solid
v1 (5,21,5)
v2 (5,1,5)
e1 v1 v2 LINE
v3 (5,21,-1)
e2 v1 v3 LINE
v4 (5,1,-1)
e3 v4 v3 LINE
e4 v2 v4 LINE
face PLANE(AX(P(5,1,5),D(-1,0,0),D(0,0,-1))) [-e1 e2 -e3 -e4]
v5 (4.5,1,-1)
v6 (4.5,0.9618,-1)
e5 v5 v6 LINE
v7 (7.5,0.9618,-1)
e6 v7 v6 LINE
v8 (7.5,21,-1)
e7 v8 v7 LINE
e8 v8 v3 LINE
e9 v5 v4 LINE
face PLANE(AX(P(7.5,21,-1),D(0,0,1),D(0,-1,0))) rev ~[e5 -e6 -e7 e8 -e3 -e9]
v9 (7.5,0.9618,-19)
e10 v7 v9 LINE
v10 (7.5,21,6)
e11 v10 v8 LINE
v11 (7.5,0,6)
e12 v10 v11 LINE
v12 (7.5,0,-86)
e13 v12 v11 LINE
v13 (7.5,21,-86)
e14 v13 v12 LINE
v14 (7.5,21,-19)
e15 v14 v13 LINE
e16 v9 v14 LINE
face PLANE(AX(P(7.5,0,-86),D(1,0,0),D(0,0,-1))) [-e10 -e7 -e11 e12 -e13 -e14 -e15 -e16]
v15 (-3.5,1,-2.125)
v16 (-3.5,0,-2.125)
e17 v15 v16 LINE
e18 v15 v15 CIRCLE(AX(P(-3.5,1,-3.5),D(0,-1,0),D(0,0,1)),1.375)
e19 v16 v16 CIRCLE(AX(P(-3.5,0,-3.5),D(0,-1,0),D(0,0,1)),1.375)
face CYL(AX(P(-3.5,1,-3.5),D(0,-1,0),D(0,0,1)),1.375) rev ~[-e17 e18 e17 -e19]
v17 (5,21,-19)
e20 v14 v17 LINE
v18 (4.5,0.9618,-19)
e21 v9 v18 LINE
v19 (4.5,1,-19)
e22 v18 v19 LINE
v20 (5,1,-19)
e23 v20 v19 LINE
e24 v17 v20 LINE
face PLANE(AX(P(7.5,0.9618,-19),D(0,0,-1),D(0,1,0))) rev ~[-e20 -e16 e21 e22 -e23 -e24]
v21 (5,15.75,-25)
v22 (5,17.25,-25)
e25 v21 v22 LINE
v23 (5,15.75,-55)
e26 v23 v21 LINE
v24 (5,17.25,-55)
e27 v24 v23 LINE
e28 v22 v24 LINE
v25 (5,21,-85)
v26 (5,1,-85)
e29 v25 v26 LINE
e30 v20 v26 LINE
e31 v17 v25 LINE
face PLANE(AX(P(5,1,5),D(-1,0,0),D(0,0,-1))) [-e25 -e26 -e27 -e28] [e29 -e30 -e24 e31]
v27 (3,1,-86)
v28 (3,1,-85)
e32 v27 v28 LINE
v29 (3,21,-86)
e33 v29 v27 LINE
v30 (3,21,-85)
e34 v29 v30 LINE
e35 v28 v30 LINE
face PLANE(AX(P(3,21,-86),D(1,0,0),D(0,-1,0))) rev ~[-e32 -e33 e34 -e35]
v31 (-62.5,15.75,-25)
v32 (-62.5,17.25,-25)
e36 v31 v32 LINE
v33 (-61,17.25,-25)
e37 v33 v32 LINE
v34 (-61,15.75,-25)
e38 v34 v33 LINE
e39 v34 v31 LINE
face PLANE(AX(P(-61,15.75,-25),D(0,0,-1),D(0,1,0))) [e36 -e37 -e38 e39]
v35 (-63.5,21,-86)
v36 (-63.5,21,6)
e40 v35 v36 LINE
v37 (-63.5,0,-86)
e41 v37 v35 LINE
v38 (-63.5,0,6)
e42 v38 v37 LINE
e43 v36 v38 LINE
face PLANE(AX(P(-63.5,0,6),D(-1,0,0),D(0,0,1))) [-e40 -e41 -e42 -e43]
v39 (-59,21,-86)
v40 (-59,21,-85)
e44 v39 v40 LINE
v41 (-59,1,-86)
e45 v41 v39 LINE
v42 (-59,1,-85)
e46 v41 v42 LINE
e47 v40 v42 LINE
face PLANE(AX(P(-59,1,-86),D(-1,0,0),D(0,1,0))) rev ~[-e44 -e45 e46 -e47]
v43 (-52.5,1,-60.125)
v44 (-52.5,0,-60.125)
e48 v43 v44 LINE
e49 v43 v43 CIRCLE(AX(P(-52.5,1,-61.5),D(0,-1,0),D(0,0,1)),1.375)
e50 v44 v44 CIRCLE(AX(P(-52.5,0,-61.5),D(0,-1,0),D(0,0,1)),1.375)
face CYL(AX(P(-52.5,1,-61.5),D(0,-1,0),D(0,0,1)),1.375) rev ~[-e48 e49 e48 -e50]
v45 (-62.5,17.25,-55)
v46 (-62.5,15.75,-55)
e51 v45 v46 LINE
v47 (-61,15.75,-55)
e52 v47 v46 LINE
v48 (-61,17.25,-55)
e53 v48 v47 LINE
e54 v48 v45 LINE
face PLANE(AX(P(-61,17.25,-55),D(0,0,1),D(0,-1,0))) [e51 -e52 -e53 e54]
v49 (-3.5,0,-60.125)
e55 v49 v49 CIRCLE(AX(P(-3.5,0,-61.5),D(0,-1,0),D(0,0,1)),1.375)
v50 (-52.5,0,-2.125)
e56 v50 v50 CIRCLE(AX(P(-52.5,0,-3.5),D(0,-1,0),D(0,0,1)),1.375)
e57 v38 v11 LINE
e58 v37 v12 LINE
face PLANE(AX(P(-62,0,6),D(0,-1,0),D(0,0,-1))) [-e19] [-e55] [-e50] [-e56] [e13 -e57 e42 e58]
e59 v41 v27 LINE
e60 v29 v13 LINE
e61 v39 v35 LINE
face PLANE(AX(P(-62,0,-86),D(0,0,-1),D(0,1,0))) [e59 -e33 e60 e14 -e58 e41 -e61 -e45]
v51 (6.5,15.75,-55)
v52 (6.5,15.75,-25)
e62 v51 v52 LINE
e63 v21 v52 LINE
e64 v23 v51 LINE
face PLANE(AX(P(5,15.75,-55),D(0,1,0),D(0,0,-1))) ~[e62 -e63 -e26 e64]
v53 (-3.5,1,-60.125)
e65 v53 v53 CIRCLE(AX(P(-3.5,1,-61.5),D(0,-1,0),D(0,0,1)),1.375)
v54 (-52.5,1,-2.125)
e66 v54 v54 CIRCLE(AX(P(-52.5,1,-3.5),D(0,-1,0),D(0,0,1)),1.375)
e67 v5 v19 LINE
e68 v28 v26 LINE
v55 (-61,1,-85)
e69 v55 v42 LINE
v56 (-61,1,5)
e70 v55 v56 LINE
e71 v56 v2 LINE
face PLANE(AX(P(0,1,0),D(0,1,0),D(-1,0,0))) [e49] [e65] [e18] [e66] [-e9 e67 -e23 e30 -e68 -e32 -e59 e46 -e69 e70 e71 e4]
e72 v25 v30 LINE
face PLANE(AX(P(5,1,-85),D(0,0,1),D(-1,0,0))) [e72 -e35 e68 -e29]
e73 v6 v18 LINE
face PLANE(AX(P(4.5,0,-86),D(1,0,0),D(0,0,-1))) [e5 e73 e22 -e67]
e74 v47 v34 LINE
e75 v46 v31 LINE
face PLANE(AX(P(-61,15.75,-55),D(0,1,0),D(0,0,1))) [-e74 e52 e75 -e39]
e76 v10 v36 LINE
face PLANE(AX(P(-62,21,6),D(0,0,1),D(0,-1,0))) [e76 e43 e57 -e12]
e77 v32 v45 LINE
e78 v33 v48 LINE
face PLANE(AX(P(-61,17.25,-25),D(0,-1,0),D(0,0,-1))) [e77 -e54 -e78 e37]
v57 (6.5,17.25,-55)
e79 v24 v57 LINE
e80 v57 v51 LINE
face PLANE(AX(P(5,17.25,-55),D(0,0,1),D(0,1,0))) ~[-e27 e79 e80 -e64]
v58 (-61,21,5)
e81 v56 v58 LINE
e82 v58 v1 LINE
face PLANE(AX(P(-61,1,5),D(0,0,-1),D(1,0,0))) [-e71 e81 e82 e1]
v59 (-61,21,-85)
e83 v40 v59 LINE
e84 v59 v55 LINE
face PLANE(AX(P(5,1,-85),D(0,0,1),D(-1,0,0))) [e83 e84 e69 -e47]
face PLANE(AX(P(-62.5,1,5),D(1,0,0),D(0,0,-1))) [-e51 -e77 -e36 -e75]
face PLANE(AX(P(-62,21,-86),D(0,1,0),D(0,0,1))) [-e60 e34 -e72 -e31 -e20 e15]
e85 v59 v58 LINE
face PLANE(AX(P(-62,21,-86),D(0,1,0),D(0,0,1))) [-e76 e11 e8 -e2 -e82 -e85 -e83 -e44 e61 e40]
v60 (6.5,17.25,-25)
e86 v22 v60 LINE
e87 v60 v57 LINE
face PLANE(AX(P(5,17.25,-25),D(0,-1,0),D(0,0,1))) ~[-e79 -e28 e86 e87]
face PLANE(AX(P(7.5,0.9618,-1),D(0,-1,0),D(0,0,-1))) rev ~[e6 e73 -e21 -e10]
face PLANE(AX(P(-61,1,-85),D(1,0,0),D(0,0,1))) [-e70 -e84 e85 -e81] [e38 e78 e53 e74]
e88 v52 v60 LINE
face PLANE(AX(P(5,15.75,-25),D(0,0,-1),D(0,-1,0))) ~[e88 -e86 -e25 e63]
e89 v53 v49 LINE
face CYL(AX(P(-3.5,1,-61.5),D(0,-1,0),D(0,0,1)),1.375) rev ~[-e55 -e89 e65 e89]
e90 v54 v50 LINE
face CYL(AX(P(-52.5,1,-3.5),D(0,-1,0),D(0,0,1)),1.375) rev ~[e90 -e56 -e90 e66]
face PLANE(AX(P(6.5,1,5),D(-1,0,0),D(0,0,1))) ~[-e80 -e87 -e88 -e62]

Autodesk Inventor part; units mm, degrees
ref_plane "YZ Plane" through (0, 0, 0) normal (1, 0, 0) x (0, 1, 0)
ref_plane "XZ Plane" through (0, 0, 0) normal (0, 1, 0) x (-1, 0, 0)
ref_plane "XY Plane" through (0, 0, 0) normal (0, 0, 1) x (1, 0, 0)
sketch "Sketch1" plane through (0, 0, 0) normal (0, 1, 0) x (-1, 0, 0)
  line L0 (0, 0) -> (56, 0)
  line L1 (56, 0) -> (56, -85)
  line L2 (56, -85) -> (0, -85)
  line L3 (0, -85) -> (0, 0)
  line L4 (61, -90) -> (61, 5)
  line L5 (61, 5) -> (-5, 5)
  line L6 (-5, 5) -> (-5, -90)
  line L7 (61, -85) -> (-5, -85)
  dimension "d0" = 56
  dimension "d1" = 85
  dimension "d2" = 5
  dimension "d50" = 90
extrude "Extrusion1" add sketch "Sketch1" along normal blind 1
sketch "Sketch2" plane through (0, 1, 0) normal (0, 1, 0) x (1, 0, 0)
  line L0 (-61, -5) -> (5, -5) projected
  line L1 (-61, 85) -> (-61, -5) projected
  line L2 (-61, -5) -> (5, -5) projected
  line L3 (5, -5) -> (5, 85) projected
  line L4 (5, 85) -> (-61, 85) projected
  line L5 (-62, 86) -> (6, 86)
  line L6 (6, 86) -> (6, -6)
  line L7 (6, -6) -> (-62, -6)
  line L8 (-62, -6) -> (-62, 86)
  point P0 (0, 0)
  dimension "d41" = 1
sketch "Sketch4" plane through (0, 1, 0) normal (0, 1, 0) x (1, 0, 0)
  line L0 (0, 0) -> (-56, 0)
  line L1 (-56, 0) -> (-56, 85)
  line L2 (-56, 85) -> (0, 85)
  line L3 (0, 85) -> (0, 0)
  circle A0 centre (-3.5, 3.5) radius 1.375
  circle A1 centre (-52.5, 3.5) radius 1.375
  circle A2 centre (-52.5, 61.5) radius 1.375
  circle A3 centre (-3.5, 61.5) radius 1.375
  circle A4 centre (-52.5, 3.5) radius 3.1
  circle A5 centre (-52.5, 61.5) radius 3.1
  circle A6 centre (-3.5, 3.5) radius 3.1
  circle A7 centre (-3.5, 61.5) radius 3.1
  dimension "d14" = 56
  dimension "d15" = 85
  dimension "d16" = 2.75
  dimension "d17" = 2.75
  dimension "d18" = 2.75
  dimension "d19" = 2.75
  dimension "d20" = 49
  dimension "d21" = 58
  dimension "d22" = 58
  dimension "d23" = 49
  dimension "d24" = 6.2
  dimension "d25" = 6.2
  dimension "d26" = 6.2
  dimension "d27" = 6.2
  dimension "d28" = 3.5
  dimension "d29" = 3.5
  dimension "d30" = 3.5
  dimension "d31" = 3.5
  dimension "d32" = 3.5
hole "Hole1" at (-52.5, 1, -61.5) at (-52.5, 1, -3.5) at (-3.5, 1, -3.5) at (-3.5, 1, -61.5) direction (0, -1, 0) diameter 2.75 end through all
extrude "Extrusion4" add sketch "Sketch2" along normal blind 20 and the other way blind 1
sketch "Sketch5" plane through (6, 21, -86) normal (0, 0, -1) x (-1, 0, 0)
  line L0 (67, -20) -> (1, -20) projected
  line L1 (68, 0) -> (0, 0) projected
  line L2 (3, -20) -> (65, -20)
  line L3 (65, -20) -> (65, 0)
  line L4 (65, 0) -> (3, 0)
  line L5 (3, 0) -> (3, -20)
  line L6 (67, 0) -> (67, -20) projected
  line L7 (1, 0) -> (1, -20) projected
  point P0 (6, -21)
  dimension "d46" = 2
  dimension "d47" = 2
extrude "Extrusion5" cut sketch "Sketch5" against normal blind 2 contours L0 L5 L1 L3
sketch "Sketch6" plane through (6, 0, -86) normal (1, 0, 0) x (0, 0, -1)
  line L0 (0, 21) -> (0, 0) projected
  line L1 (-92, 21) -> (0, 21) projected
  line L2 (-92, 21) -> (-92, 0) projected
  line L3 (0, 0) -> (-92, 0) projected
  point P0 (-86, 0)
extrude "Extrusion6" add sketch "Sketch6" along normal blind 1.5
sketch "Sketch7" plane through (-62, 0, 6) normal (-1, 0, 0) x (0, 0, 1)
  line L0 (0, 21) -> (0, 0) projected
  line L1 (-92, 21) -> (0, 21) projected
  line L2 (-92, 0) -> (-92, 21) projected
  line L3 (0, 0) -> (-92, 0) projected
  point P0 (-6, 0)
extrude "Extrusion7" add sketch "Sketch7" along normal blind 1.5
sketch "Sketch8" plane through (0, 21, 0) normal (0, 1, 0) x (1, 0, 0)
  line L0 (7.5, -6) -> (-63.5, -6) projected
  line L1 (7.5, 86) -> (7.5, -6) projected
  line L2 (-63.5, -6) -> (-63.5, 86) projected
  line L3 (-59, 86) -> (3, 86) projected
  line L4 (-59, 86) -> (-63.5, 86) projected
  line L5 (3, 86) -> (7.5, 86) projected
  point P0 (0, 0)
  dimension "d55" = 92
  dimension "d56" = 71
sketch "Sketch9" plane through (-61, 1, 5) normal (1, 0, 0) x (0, 0, -1)
  line L0 (0, 0) -> (0, 20) projected
  line L1 (90, 20) -> (90, 0) projected
  line L2 (0, 20) -> (90, 20) projected
  line L3 (30, 16.25) -> (60, 16.25)
  line L4 (60, 16.25) -> (60, 14.75)
  line L5 (60, 14.75) -> (30, 14.75)
  line L6 (30, 14.75) -> (30, 16.25)
  point P0 (5, -1)
  point P1 (0, 16)
  point P2 (90, 15)
  dimension "d62" = 3.75
  dimension "d63" = 1.5
  dimension "d64" = 30
  dimension "d65" = 30
  dimension "d66" = 30
extrude "Extrusion8" cut sketch "Sketch9" against normal blind 1.5
ref_plane "Work Plane2" through (-28, 0, -86) normal (1, 0, 0) x (0, 0, -1)
mirror "Mirror1" about plane through (-28, 0, -86) normal (1, 0, 0) of "Extrusion8"
sketch "Sketch10" plane through (7.5, 0, -86) normal (1, 0, 0) x (0, 0, -1)
  line L0 (-91, 21) -> (-1, 21) projected
  line L1 (-85, 0.9618) -> (-67, 0.9618)
  line L2 (-67, 0.9618) -> (-67, 21)
  line L3 (-67, 21) -> (-85, 21)
  line L4 (-85, 21) -> (-85, 0.9618)
  line L5 (-92, 21) -> (-92, 0) projected
  point P0 (-86, 0)
  point P1 (-76, 0.9618)
  dimension "d67" = 7
  dimension "d68" = 18
  dimension "d69" = 16
  dimension "d72" = 25
extrude "Extrusion9" cut sketch "Sketch10" against normal blind 3
equation "\"d22\" = d21"
equation "\"d23\" = d20"
properties part number "bottom2"
